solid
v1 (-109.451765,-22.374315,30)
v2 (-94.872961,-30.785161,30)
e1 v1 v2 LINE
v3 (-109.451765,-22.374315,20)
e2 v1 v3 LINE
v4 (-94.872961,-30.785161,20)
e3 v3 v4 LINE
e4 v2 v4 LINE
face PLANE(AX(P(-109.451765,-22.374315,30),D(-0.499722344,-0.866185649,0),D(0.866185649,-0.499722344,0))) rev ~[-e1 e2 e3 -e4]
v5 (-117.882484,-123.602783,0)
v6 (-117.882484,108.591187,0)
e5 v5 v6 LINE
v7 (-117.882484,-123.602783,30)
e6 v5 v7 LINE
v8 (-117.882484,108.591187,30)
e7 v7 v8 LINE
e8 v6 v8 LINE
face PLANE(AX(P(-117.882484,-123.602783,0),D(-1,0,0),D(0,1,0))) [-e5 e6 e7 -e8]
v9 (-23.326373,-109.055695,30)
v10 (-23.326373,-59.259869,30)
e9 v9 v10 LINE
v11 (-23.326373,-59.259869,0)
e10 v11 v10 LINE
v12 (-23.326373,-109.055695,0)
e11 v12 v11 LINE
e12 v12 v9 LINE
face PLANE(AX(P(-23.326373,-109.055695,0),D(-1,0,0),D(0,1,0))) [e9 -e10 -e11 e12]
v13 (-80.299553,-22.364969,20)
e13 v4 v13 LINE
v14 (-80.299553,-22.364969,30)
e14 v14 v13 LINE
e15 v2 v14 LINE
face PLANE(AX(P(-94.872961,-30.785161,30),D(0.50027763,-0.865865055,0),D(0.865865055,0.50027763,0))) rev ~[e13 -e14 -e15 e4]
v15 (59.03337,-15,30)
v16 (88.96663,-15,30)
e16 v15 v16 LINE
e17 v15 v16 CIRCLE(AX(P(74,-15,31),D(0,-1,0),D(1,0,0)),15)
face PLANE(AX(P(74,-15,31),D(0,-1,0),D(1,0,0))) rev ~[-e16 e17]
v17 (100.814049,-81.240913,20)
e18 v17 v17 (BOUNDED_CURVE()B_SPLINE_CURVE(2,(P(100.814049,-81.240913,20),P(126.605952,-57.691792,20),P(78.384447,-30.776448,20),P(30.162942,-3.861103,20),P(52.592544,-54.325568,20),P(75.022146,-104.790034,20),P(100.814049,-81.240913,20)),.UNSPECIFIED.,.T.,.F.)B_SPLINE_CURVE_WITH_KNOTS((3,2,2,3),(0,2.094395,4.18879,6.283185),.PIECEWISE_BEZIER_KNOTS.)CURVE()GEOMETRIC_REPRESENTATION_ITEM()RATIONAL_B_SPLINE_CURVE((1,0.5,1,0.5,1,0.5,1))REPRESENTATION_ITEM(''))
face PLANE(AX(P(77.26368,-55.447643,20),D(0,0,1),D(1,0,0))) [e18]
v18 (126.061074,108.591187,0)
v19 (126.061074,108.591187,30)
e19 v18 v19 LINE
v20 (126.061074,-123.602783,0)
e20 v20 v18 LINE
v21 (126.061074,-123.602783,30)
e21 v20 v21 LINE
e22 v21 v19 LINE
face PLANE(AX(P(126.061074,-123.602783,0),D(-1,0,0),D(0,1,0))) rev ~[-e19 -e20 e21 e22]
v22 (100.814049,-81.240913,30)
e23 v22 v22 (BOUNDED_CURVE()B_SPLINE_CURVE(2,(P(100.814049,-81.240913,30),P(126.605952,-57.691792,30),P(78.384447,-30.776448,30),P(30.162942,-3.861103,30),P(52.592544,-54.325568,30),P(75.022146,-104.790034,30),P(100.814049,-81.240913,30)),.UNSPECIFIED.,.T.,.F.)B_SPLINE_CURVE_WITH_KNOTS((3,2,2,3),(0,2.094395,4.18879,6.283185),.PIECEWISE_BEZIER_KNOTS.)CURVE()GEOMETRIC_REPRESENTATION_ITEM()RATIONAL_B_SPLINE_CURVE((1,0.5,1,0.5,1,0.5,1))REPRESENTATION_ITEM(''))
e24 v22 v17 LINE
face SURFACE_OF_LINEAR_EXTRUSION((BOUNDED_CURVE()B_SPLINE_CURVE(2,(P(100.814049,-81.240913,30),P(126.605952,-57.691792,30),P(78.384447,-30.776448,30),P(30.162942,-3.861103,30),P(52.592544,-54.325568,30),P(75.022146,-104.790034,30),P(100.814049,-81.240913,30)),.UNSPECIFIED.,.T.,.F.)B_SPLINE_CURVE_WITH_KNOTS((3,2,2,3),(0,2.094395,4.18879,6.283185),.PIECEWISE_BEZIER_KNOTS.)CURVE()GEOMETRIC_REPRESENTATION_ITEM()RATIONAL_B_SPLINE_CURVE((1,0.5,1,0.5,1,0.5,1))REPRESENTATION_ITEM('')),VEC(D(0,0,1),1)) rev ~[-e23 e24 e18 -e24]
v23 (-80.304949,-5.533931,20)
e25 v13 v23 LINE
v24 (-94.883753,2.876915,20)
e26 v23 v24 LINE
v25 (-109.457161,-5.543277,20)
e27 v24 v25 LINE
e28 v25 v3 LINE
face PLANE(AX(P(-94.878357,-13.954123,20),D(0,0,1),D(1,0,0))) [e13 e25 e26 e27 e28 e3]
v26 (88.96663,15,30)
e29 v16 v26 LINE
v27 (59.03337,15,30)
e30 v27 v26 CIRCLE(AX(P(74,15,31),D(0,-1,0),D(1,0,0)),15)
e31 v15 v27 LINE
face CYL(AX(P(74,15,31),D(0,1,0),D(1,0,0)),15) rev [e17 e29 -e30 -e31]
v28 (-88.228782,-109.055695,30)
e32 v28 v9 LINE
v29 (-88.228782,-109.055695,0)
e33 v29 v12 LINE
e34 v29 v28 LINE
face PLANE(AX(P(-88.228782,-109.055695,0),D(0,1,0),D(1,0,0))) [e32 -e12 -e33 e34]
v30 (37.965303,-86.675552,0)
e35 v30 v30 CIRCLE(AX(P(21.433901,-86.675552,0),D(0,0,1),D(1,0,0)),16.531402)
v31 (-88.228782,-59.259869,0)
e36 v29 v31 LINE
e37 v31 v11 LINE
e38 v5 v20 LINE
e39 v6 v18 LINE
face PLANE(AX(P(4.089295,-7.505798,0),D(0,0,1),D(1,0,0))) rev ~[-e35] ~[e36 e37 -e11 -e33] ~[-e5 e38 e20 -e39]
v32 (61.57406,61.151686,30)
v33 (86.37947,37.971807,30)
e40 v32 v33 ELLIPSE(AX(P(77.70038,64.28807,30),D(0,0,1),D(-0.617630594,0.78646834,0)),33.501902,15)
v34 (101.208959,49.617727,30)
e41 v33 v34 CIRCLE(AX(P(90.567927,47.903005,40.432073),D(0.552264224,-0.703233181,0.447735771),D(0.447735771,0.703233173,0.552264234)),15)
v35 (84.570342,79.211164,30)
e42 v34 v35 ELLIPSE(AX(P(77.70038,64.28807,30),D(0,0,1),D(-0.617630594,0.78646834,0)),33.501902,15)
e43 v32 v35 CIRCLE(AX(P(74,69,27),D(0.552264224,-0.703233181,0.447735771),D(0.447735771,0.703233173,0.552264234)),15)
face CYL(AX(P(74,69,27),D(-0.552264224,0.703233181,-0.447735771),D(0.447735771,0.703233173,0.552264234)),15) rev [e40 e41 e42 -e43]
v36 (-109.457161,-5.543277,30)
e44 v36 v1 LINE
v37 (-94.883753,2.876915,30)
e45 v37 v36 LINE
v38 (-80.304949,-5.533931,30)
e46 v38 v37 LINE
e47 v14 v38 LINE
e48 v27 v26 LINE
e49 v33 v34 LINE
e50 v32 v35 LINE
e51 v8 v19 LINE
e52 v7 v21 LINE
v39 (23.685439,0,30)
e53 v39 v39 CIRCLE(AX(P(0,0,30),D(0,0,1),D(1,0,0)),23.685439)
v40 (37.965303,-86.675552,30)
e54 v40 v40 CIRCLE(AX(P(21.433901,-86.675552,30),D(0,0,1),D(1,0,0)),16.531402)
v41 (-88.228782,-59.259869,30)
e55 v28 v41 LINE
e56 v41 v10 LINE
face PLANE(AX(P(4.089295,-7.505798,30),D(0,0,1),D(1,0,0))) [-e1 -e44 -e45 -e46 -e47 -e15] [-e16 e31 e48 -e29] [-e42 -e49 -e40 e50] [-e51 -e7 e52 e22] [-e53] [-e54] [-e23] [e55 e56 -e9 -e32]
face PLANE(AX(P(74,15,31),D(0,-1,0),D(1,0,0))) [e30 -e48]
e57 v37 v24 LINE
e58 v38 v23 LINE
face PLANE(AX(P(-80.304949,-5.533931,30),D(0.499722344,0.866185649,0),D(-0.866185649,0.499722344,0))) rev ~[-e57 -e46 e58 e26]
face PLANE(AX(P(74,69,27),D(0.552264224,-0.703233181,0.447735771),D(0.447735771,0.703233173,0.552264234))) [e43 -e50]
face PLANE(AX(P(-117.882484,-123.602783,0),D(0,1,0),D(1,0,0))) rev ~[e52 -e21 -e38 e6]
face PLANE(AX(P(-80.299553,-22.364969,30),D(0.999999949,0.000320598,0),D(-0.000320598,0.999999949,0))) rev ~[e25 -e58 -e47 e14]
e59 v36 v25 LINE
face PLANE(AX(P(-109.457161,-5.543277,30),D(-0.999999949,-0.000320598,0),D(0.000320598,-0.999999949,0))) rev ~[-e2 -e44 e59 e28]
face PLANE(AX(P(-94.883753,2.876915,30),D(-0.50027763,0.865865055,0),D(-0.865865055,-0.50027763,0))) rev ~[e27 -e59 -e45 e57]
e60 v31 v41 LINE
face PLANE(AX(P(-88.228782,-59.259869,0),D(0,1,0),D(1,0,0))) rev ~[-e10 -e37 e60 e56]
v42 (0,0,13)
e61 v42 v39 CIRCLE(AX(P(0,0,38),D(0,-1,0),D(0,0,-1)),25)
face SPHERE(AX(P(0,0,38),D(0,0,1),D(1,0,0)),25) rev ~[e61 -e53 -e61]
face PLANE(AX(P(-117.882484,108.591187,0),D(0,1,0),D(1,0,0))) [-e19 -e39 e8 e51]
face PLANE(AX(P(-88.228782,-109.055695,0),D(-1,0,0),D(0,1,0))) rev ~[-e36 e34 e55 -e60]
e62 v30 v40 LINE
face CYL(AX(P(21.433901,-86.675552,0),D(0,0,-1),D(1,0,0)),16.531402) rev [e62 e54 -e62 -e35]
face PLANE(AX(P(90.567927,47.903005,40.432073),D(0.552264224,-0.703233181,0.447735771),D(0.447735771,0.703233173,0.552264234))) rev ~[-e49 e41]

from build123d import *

# Parameters (mm, degrees)
CYLINDER001_R               = 15
CYLINDER001_DEPTH           = 30
CYLINDER001_ROLL_ANGLE      = 57.515834
CYLINDER001_PITCH_ANGLE     = -33.522488
CYLINDER001_PLACEMENT_ANGLE = 57.515834
CYLINDER_R                  = 15
CYLINDER_DEPTH              = 30
SKETCH_W                    = 243.943557
SKETCH_H                    = 232.19397
SKETCH_R                    = 16.531402
SKETCH_W_2                  = 64.902409
SKETCH_H_2                  = 49.795826
PAD_DEPTH                   = 30
POCKET_DEPTH                = 10


with BuildPart() as cylinder001:
    # Cylinder001 → Cylinder001 (new body)
    with BuildSketch(Plane.XY):
        Circle(CYLINDER001_R)
    extrude(amount=CYLINDER001_DEPTH)


with BuildPart() as cylinder001_1:
    # Cylinder001 roll: moved
    add(cylinder001.part.rotate(Axis((0, 0, 0), (1, 0, 0)), CYLINDER001_ROLL_ANGLE))


with BuildPart() as cylinder001_2:
    # Cylinder001 pitch: moved
    add(cylinder001_1.part.rotate(Axis((0, 0, 0), (0, 1, 0)), CYLINDER001_PITCH_ANGLE))


with BuildPart() as cylinder001_3:
    # Cylinder001 placement: moved
    add(cylinder001_2.part.moved(Location((74, 69, 27))).rotate(Axis((74, 69, 27), (0, 0, 1)), CYLINDER001_PLACEMENT_ANGLE))


with BuildPart() as cylinder:
    # Cylinder → Cylinder (new body)
    with BuildSketch(Plane(origin=(74, 15, 31), x_dir=(1, 0, 0), z_dir=(0, -1, 0))):
        Circle(CYLINDER_R)
    extrude(amount=CYLINDER_DEPTH)


with BuildPart() as sphere:
    # Sphere → Sphere (revolve)
    with BuildSketch(Plane(origin=(0, 0, 38), x_dir=(1, 0, 0), z_dir=(0, -1, 0))):
        with BuildLine():
            ThreePointArc((0, -25), (25, 0), (0, 25))
            Line((0, 25), (0, -25))
        make_face()
    revolve(axis=Axis((0, 0, 38), (0, 0, 1)))


with BuildPart() as cut002:
    # Sketch → Pad (new body)
    with BuildSketch(Plane.XY):
        with Locations((4.089295, -7.505798)):
            Rectangle(SKETCH_W, SKETCH_H)
        with Locations((21.433901, -86.675552)):
            Circle(SKETCH_R, mode=Mode.SUBTRACT)
        with Locations((-55.777578, -84.157782)):
            Rectangle(SKETCH_W_2, SKETCH_H_2, mode=Mode.SUBTRACT)
    extrude(amount=PAD_DEPTH)

    # Sketch001 (on Face11 of Pad) → Pocket (cut)
    with BuildSketch(Plane.XY.offset(30)):
        Polygon((-80.299553, -22.364969), (-80.304949, -5.533931), (-94.883753, 2.876915), (-109.457161, -5.543277), (-109.451765, -22.374315), (-94.872961, -30.785161), align=None)
        with BuildLine():
            add(Edge.make_bspline(
                [(100.814049, -81.240913), (126.605952, -57.691792), (78.384447, -30.776448), (30.162942, -3.861103), (52.592544, -54.325568), (75.022146, -104.790034), (100.814049, -81.240913)],
                knots=[0, 0, 0, 2.094395, 2.094395, 4.18879, 4.18879, 6.283185, 6.283185, 6.283185], degree=2, weights=[1, 0.5, 1, 0.5, 1, 0.5, 1]))
        make_face()
    extrude(amount=-POCKET_DEPTH, mode=Mode.SUBTRACT)

    # Cut: cut Sphere
    add(sphere.part, mode=Mode.SUBTRACT)

    # Cut001: cut Cylinder
    add(cylinder.part, mode=Mode.SUBTRACT)

    # Cut002: cut Cylinder001
    add(cylinder001_3.part, mode=Mode.SUBTRACT)


solid = cut002.part
